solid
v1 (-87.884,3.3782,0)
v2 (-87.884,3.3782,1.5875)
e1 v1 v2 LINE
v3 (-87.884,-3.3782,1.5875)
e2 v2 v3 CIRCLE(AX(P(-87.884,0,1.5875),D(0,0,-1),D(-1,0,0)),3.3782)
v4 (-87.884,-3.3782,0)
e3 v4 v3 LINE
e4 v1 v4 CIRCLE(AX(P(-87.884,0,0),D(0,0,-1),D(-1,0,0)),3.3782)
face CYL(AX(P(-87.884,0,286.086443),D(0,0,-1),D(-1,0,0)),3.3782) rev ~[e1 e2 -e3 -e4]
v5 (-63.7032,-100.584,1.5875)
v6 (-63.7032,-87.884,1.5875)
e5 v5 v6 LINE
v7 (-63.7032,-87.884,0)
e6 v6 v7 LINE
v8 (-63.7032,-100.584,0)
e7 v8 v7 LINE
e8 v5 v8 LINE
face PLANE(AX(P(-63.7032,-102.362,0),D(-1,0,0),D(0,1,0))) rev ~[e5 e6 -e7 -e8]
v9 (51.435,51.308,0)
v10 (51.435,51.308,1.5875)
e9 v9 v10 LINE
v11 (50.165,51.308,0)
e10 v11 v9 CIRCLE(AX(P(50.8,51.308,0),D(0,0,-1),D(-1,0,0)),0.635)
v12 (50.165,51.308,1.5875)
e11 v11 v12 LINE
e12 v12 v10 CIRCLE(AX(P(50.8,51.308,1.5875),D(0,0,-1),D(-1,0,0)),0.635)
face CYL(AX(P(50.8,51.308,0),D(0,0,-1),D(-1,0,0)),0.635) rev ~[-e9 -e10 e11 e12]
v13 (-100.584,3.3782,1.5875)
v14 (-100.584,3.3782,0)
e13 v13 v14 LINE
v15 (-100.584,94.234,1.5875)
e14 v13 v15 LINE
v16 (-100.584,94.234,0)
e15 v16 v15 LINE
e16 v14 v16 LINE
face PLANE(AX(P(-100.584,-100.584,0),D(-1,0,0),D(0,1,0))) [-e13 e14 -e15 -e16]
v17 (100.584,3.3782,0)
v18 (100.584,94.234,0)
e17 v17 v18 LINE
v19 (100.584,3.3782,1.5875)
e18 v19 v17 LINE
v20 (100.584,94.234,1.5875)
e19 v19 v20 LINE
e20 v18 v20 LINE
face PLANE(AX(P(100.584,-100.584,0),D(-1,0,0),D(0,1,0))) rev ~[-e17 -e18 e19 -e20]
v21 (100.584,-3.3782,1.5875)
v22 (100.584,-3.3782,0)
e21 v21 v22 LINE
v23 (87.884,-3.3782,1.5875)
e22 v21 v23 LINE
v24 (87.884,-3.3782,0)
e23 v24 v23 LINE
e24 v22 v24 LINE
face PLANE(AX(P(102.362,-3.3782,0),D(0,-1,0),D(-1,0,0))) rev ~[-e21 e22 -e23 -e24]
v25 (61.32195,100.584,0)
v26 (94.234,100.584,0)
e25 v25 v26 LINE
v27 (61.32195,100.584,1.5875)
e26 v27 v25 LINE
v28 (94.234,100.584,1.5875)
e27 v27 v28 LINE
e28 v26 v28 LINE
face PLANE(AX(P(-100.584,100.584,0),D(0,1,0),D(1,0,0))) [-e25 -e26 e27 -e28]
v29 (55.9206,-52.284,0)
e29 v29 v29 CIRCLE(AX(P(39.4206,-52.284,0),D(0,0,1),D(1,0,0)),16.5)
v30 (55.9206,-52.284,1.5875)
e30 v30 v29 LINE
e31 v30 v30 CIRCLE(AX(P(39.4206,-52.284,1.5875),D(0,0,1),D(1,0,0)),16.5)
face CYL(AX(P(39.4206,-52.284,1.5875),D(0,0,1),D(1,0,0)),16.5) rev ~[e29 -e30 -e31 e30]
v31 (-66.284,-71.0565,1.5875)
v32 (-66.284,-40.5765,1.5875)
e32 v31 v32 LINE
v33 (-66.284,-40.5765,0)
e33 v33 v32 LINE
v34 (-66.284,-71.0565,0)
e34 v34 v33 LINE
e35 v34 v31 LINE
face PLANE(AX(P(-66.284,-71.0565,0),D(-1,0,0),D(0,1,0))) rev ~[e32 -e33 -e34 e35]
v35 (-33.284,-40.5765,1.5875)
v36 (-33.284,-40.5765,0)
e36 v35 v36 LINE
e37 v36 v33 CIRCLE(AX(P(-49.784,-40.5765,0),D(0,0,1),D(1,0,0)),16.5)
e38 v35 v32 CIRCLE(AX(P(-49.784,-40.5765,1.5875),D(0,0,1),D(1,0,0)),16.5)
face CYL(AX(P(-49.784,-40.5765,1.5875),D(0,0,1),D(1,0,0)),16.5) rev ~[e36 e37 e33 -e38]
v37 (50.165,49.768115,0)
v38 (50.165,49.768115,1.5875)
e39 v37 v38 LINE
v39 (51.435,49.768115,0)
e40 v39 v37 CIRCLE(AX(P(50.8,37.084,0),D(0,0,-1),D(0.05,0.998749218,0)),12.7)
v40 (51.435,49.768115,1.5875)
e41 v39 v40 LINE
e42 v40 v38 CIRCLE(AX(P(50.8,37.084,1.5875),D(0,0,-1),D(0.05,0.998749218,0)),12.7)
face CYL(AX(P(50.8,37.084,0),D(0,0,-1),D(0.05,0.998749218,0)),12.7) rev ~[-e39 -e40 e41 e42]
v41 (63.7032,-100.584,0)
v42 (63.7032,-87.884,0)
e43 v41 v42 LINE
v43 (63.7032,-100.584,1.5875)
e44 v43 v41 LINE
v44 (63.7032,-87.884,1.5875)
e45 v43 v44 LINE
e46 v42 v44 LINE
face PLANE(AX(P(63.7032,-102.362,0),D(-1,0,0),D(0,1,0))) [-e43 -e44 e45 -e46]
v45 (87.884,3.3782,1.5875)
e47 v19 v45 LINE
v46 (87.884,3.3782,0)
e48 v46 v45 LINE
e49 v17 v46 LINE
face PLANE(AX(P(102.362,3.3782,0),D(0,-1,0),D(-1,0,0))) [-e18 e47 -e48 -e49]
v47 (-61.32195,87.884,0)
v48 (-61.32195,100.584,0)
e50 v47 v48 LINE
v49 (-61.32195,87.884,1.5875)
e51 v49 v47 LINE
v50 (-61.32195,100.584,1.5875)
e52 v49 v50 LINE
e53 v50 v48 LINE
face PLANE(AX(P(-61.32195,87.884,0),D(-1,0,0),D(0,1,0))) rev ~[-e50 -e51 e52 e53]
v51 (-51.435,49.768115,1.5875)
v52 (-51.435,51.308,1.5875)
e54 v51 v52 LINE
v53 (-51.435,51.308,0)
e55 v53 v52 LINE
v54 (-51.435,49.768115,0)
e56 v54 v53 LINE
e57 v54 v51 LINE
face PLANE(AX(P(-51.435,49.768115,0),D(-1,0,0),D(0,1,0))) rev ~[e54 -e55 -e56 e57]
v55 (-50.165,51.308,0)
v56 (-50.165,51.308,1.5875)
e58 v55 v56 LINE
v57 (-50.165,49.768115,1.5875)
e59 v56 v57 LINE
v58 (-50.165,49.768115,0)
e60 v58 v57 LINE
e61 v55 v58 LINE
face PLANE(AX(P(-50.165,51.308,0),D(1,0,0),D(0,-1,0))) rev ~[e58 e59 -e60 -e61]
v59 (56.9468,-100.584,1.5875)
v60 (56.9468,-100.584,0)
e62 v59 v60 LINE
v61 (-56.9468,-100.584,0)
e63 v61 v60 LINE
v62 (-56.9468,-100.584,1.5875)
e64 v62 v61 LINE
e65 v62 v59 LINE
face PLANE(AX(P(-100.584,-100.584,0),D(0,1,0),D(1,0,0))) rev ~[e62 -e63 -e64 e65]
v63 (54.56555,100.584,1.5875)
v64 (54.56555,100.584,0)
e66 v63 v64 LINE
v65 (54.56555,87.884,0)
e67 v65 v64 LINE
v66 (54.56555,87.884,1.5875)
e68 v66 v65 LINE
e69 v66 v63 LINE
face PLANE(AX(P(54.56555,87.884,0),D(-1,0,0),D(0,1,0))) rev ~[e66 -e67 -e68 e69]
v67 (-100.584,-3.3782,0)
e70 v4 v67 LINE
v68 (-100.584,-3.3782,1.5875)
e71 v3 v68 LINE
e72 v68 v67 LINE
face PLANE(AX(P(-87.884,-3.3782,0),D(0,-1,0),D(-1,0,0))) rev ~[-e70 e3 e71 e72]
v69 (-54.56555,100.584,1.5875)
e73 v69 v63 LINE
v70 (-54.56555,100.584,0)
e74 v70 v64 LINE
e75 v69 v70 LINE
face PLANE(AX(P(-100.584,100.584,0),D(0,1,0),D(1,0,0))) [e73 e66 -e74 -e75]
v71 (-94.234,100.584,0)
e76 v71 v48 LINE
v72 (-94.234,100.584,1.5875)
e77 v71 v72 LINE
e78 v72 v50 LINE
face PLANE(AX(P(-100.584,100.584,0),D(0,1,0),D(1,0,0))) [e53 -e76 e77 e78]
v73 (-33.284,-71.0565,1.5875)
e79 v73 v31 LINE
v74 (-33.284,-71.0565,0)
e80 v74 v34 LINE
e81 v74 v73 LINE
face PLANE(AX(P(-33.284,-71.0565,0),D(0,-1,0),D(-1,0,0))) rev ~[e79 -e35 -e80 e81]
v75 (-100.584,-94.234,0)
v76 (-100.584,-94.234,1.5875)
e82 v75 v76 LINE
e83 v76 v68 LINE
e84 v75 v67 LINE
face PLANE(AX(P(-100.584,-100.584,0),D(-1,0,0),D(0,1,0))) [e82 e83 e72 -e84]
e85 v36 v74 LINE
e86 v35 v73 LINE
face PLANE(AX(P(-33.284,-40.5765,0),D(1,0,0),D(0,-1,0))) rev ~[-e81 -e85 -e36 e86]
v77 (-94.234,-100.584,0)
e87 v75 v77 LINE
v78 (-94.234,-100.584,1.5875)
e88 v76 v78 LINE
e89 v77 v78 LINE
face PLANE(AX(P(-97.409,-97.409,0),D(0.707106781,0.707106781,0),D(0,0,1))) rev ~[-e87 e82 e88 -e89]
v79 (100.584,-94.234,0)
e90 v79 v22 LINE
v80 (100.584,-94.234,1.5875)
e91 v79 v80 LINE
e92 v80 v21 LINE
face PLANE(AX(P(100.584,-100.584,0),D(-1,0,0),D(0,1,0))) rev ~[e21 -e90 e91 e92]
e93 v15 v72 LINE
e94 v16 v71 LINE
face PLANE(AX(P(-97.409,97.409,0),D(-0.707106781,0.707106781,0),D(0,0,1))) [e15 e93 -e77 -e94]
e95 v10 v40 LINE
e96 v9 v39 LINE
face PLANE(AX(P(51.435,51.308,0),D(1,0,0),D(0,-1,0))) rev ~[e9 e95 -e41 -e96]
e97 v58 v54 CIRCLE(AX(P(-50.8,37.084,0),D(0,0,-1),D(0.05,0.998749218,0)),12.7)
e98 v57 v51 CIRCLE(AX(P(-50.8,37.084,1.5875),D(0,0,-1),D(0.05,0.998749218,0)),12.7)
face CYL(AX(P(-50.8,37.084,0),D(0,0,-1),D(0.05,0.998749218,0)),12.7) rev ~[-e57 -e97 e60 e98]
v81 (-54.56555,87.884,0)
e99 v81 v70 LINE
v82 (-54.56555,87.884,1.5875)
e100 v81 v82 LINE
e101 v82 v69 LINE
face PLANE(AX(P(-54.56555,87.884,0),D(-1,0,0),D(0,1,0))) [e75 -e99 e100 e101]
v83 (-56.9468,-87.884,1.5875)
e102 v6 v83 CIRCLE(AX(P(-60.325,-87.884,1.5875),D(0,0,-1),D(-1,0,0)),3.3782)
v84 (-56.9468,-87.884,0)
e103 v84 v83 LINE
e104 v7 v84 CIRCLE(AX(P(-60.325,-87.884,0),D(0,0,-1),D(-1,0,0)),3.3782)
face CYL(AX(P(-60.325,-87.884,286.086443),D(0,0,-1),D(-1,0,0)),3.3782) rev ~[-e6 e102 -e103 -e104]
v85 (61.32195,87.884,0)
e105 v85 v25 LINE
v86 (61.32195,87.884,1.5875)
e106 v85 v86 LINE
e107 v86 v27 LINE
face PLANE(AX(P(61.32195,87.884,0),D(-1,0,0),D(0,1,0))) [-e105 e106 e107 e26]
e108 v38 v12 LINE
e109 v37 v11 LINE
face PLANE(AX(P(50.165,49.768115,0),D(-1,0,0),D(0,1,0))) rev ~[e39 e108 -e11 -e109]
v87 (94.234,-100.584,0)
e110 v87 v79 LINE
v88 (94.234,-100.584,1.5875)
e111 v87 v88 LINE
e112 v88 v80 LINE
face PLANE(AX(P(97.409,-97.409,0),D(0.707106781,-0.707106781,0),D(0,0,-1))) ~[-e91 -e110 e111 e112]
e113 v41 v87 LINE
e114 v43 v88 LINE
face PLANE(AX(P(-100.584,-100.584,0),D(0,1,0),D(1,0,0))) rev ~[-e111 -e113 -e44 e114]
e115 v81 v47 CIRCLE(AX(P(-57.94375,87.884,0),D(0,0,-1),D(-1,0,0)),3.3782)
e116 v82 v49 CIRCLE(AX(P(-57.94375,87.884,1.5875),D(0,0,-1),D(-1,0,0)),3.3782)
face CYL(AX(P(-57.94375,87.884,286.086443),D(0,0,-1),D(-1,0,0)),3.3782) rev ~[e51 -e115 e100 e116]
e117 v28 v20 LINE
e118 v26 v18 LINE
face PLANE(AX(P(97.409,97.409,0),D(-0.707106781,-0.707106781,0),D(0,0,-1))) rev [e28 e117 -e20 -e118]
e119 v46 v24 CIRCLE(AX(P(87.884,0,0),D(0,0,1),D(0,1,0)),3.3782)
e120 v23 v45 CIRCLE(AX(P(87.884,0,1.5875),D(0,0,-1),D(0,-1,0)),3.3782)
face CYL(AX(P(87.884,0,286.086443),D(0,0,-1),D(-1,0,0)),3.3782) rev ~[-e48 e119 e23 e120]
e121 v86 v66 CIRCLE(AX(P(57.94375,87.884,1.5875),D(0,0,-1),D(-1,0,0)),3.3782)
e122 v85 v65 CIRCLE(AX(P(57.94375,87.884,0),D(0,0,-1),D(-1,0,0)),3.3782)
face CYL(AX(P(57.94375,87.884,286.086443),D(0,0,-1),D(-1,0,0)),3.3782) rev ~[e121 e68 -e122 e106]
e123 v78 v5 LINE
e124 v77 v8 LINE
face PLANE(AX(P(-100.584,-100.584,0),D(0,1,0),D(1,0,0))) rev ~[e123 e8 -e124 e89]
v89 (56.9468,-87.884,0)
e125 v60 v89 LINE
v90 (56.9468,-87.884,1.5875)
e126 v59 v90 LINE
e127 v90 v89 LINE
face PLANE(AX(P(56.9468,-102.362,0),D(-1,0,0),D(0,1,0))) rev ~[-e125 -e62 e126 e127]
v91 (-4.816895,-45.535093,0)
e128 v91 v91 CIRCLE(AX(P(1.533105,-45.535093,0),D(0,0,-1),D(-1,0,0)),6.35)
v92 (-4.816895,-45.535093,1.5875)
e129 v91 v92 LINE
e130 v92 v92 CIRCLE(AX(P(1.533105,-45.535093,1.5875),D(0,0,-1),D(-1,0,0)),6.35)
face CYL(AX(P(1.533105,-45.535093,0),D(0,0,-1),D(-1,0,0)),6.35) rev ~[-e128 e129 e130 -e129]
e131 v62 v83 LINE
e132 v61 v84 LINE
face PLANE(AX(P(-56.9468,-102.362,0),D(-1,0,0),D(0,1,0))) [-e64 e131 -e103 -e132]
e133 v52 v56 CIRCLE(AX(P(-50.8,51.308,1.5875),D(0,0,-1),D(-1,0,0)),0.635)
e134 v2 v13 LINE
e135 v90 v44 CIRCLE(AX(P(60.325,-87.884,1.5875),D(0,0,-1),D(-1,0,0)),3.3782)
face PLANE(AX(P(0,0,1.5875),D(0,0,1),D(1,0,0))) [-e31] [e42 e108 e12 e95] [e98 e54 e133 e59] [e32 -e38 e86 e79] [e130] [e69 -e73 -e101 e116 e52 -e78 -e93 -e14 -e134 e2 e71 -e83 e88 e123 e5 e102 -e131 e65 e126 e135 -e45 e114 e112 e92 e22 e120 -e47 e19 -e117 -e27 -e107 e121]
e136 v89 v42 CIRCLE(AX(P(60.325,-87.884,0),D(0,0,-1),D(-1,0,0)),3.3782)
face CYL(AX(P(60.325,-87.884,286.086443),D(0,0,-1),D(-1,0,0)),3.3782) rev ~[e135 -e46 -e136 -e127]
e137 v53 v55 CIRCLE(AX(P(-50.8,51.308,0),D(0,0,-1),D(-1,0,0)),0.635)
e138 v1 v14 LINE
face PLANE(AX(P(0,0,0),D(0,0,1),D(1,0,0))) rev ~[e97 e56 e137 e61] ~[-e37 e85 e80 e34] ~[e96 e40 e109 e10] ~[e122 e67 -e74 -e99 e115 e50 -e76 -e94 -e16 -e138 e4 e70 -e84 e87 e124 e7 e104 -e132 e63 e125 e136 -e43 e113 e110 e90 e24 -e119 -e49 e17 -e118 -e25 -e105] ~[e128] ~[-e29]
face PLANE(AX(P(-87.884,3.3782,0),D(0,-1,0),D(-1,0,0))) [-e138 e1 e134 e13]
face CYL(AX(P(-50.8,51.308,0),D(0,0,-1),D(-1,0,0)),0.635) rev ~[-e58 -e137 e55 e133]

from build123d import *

# Parameters (mm, degrees)
SKETCH1_W                 = 201.168
SKETCH1_H                 = 201.168
BOSS_EXTRUDE1_DEPTH       = 1.5875
CUT_EXTRUDE1_REACH        = 144.256
SKETCH2_R                 = 16.5
F_1_4_CLEARANCE_HOLE1_D   = 6.7564
CHAMFER1_SIZE             = 6.35
CUT_EXTRUDE3_REACH        = 144.256
CUT_EXTRUDE4_REACH        = 144.256
CUT_EXTRUDE5_REACH        = 144.256
SKETCH7_W                 = 6.7564
SKETCH7_H                 = 14.478
SKETCH7_W_2               = 14.478
SKETCH7_H_2               = 6.7564
PORT_FOR_POWER_PLUG_REACH = 144.256
SKETCH8_R                 = 6.35


with BuildPart() as part:
    # Sketch1 → Boss-Extrude1 (new body)
    with BuildSketch(Plane.XY):
        Rectangle(SKETCH1_W, SKETCH1_H)
    extrude(amount=BOSS_EXTRUDE1_DEPTH)

    # Sketch2 → Cut-Extrude1 (cut, up to next)
    with BuildSketch(Plane.XY.offset(1.5875), mode=Mode.PRIVATE) as cut_extrude1_sk1:
        with Locations((-49.784, -40.5765)):
            Circle(SKETCH2_R)
    cut_extrude1_tool1 = extrude(cut_extrude1_sk1.sketch, amount=-CUT_EXTRUDE1_REACH, mode=Mode.PRIVATE) & part.part
    # Sketch2 → Cut-Extrude1 (cut, up to next)
    with BuildSketch(Plane.XY.offset(1.5875), mode=Mode.PRIVATE) as cut_extrude1_sk2:
        with Locations((39.4206, -52.284)):
            Circle(SKETCH2_R)
    cut_extrude1_tool2 = extrude(cut_extrude1_sk2.sketch, amount=-CUT_EXTRUDE1_REACH, mode=Mode.PRIVATE) & part.part
    add(cut_extrude1_tool1.solids().sort_by_distance((-49.784, -40.5765, 1.5875))[0], mode=Mode.SUBTRACT)
    add(cut_extrude1_tool2.solids().sort_by_distance((39.4206, -52.284, 1.5875))[0], mode=Mode.SUBTRACT)

    # 1/4 Clearance Hole1 (through all)
    with Locations(Plane.XY.offset(1.5875)):
        with Locations((-57.94375, 87.884), (57.94375, 87.884), (87.884, 0), (-87.884, 0), (-60.325, -87.884), (60.325, -87.884)):
            Hole(F_1_4_CLEARANCE_HOLE1_D / 2)

    # Chamfer1
    chamfer1_edges = [part.edges().sort_by_distance(p)[0] for p in [
        (100.584, -100.584, 0.79375),
        (-100.584, -100.584, 0.79375),
        (-100.584, 100.584, 0.79375),
        (100.584, 100.584, 0.79375),
    ]]
    chamfer(chamfer1_edges, length=CHAMFER1_SIZE)

    # Sketch5 → Cut-Extrude3 (cut, up to next)
    with BuildSketch(Plane(origin=(0, 0, 0), x_dir=(-1, 0, 0), z_dir=(0, 0, -1)), mode=Mode.PRIVATE) as cut_extrude3_sk1:
        with BuildLine():
            Line((33.284, -40.5765), (33.284, -71.0565))
            Line((33.284, -71.0565), (66.284, -71.0565))
            Line((66.284, -71.0565), (66.284, -40.5765))
            ThreePointArc((66.284, -40.5765), (49.784, -57.0765), (33.284, -40.5765))
        make_face()
    cut_extrude3_tool1 = extrude(cut_extrude3_sk1.sketch, amount=-CUT_EXTRUDE3_REACH, mode=Mode.PRIVATE) & part.part
    add(cut_extrude3_tool1.solids().sort_by_distance((-49.784, -61.908997, 0))[0], mode=Mode.SUBTRACT)

    # Sketch6 → Cut-Extrude4 (cut, up to next)
    with BuildSketch(Plane(origin=(0, 0, 0), x_dir=(-1, 0, 0), z_dir=(0, 0, -1)), mode=Mode.PRIVATE) as cut_extrude4_sk1:
        with BuildLine():
            Line((-50.165, 49.768115066), (-50.165, 51.308))
            ThreePointArc((-50.165, 51.308), (-50.8, 51.943), (-51.435, 51.308))
            Line((-51.435, 51.308), (-51.435, 49.768115066))
            ThreePointArc((-51.435, 49.768115066), (-50.8, 24.384), (-50.165, 49.768115066))
        make_face()
    cut_extrude4_tool1 = extrude(cut_extrude4_sk1.sketch, amount=-CUT_EXTRUDE4_REACH, mode=Mode.PRIVATE) & part.part
    # Sketch6 → Cut-Extrude4 (cut, up to next)
    with BuildSketch(Plane(origin=(0, 0, 0), x_dir=(-1, 0, 0), z_dir=(0, 0, -1)), mode=Mode.PRIVATE) as cut_extrude4_sk2:
        with BuildLine():
            Line((51.435, 49.768115066), (51.435, 51.308))
            ThreePointArc((51.435, 51.308), (50.8, 51.943), (50.165, 51.308))
            Line((50.165, 51.308), (50.165, 49.768115066))
            ThreePointArc((50.165, 49.768115066), (50.8, 24.384), (51.435, 49.768115066))
        make_face()
    cut_extrude4_tool2 = extrude(cut_extrude4_sk2.sketch, amount=-CUT_EXTRUDE4_REACH, mode=Mode.PRIVATE) & part.part
    add(cut_extrude4_tool1.solids().sort_by_distance((50.8, 37.153354, 0))[0], mode=Mode.SUBTRACT)
    add(cut_extrude4_tool2.solids().sort_by_distance((-50.8, 37.153354, 0))[0], mode=Mode.SUBTRACT)

    # Sketch7 → Cut-Extrude5 (cut, up to next)
    with BuildSketch(Plane(origin=(0, 0, 0), x_dir=(-1, 0, 0), z_dir=(0, 0, -1)), mode=Mode.PRIVATE) as cut_extrude5_sk1:
        with Locations((-57.94375, 95.123)):
            Rectangle(SKETCH7_W, SKETCH7_H)
    cut_extrude5_tool1 = extrude(cut_extrude5_sk1.sketch, amount=-CUT_EXTRUDE5_REACH, mode=Mode.PRIVATE) & part.part
    # Sketch7 → Cut-Extrude5 (cut, up to next)
    with BuildSketch(Plane(origin=(0, 0, 0), x_dir=(-1, 0, 0), z_dir=(0, 0, -1)), mode=Mode.PRIVATE) as cut_extrude5_sk2:
        with Locations((57.94375, 95.123)):
            Rectangle(SKETCH7_W, SKETCH7_H)
    cut_extrude5_tool2 = extrude(cut_extrude5_sk2.sketch, amount=-CUT_EXTRUDE5_REACH, mode=Mode.PRIVATE) & part.part
    # Sketch7 → Cut-Extrude5 (cut, up to next)
    with BuildSketch(Plane(origin=(0, 0, 0), x_dir=(-1, 0, 0), z_dir=(0, 0, -1)), mode=Mode.PRIVATE) as cut_extrude5_sk3:
        with Locations((95.123, 0)):
            Rectangle(SKETCH7_W_2, SKETCH7_H_2)
    cut_extrude5_tool3 = extrude(cut_extrude5_sk3.sketch, amount=-CUT_EXTRUDE5_REACH, mode=Mode.PRIVATE) & part.part
    # Sketch7 → Cut-Extrude5 (cut, up to next)
    with BuildSketch(Plane(origin=(0, 0, 0), x_dir=(-1, 0, 0), z_dir=(0, 0, -1)), mode=Mode.PRIVATE) as cut_extrude5_sk4:
        with Locations((60.325, -95.123)):
            Rectangle(SKETCH7_W, SKETCH7_H)
    cut_extrude5_tool4 = extrude(cut_extrude5_sk4.sketch, amount=-CUT_EXTRUDE5_REACH, mode=Mode.PRIVATE) & part.part
    # Sketch7 → Cut-Extrude5 (cut, up to next)
    with BuildSketch(Plane(origin=(0, 0, 0), x_dir=(-1, 0, 0), z_dir=(0, 0, -1)), mode=Mode.PRIVATE) as cut_extrude5_sk5:
        with Locations((-60.325, -95.123)):
            Rectangle(SKETCH7_W, SKETCH7_H)
    cut_extrude5_tool5 = extrude(cut_extrude5_sk5.sketch, amount=-CUT_EXTRUDE5_REACH, mode=Mode.PRIVATE) & part.part
    # Sketch7 → Cut-Extrude5 (cut, up to next)
    with BuildSketch(Plane(origin=(0, 0, 0), x_dir=(-1, 0, 0), z_dir=(0, 0, -1)), mode=Mode.PRIVATE) as cut_extrude5_sk6:
        with Locations((-95.123, 0)):
            Rectangle(SKETCH7_W_2, SKETCH7_H_2)
    cut_extrude5_tool6 = extrude(cut_extrude5_sk6.sketch, amount=-CUT_EXTRUDE5_REACH, mode=Mode.PRIVATE) & part.part
    add(cut_extrude5_tool1.solids().sort_by_distance((57.94375, 95.123, 0))[0], mode=Mode.SUBTRACT)
    add(cut_extrude5_tool2.solids().sort_by_distance((-57.94375, 95.123, 0))[0], mode=Mode.SUBTRACT)
    add(cut_extrude5_tool3.solids().sort_by_distance((-95.123, 0, 0))[0], mode=Mode.SUBTRACT)
    add(cut_extrude5_tool4.solids().sort_by_distance((-60.325, -95.123, 0))[0], mode=Mode.SUBTRACT)
    add(cut_extrude5_tool5.solids().sort_by_distance((60.325, -95.123, 0))[0], mode=Mode.SUBTRACT)
    add(cut_extrude5_tool6.solids().sort_by_distance((95.123, 0, 0))[0], mode=Mode.SUBTRACT)

    # Sketch8 → PORT FOR POWER PLUG (cut, up to next)
    with BuildSketch(Plane(origin=(0, 0, 0), x_dir=(-1, 0, 0), z_dir=(0, 0, -1)), mode=Mode.PRIVATE) as port_for_power_plug_sk1:
        with Locations((-1.533105196, -45.535092969)):
            Circle(SKETCH8_R)
    port_for_power_plug_tool1 = extrude(port_for_power_plug_sk1.sketch, amount=-PORT_FOR_POWER_PLUG_REACH, mode=Mode.PRIVATE) & part.part
    add(port_for_power_plug_tool1.solids().sort_by_distance((1.533105, -45.535093, 0))[0], mode=Mode.SUBTRACT)


solid = part.part
